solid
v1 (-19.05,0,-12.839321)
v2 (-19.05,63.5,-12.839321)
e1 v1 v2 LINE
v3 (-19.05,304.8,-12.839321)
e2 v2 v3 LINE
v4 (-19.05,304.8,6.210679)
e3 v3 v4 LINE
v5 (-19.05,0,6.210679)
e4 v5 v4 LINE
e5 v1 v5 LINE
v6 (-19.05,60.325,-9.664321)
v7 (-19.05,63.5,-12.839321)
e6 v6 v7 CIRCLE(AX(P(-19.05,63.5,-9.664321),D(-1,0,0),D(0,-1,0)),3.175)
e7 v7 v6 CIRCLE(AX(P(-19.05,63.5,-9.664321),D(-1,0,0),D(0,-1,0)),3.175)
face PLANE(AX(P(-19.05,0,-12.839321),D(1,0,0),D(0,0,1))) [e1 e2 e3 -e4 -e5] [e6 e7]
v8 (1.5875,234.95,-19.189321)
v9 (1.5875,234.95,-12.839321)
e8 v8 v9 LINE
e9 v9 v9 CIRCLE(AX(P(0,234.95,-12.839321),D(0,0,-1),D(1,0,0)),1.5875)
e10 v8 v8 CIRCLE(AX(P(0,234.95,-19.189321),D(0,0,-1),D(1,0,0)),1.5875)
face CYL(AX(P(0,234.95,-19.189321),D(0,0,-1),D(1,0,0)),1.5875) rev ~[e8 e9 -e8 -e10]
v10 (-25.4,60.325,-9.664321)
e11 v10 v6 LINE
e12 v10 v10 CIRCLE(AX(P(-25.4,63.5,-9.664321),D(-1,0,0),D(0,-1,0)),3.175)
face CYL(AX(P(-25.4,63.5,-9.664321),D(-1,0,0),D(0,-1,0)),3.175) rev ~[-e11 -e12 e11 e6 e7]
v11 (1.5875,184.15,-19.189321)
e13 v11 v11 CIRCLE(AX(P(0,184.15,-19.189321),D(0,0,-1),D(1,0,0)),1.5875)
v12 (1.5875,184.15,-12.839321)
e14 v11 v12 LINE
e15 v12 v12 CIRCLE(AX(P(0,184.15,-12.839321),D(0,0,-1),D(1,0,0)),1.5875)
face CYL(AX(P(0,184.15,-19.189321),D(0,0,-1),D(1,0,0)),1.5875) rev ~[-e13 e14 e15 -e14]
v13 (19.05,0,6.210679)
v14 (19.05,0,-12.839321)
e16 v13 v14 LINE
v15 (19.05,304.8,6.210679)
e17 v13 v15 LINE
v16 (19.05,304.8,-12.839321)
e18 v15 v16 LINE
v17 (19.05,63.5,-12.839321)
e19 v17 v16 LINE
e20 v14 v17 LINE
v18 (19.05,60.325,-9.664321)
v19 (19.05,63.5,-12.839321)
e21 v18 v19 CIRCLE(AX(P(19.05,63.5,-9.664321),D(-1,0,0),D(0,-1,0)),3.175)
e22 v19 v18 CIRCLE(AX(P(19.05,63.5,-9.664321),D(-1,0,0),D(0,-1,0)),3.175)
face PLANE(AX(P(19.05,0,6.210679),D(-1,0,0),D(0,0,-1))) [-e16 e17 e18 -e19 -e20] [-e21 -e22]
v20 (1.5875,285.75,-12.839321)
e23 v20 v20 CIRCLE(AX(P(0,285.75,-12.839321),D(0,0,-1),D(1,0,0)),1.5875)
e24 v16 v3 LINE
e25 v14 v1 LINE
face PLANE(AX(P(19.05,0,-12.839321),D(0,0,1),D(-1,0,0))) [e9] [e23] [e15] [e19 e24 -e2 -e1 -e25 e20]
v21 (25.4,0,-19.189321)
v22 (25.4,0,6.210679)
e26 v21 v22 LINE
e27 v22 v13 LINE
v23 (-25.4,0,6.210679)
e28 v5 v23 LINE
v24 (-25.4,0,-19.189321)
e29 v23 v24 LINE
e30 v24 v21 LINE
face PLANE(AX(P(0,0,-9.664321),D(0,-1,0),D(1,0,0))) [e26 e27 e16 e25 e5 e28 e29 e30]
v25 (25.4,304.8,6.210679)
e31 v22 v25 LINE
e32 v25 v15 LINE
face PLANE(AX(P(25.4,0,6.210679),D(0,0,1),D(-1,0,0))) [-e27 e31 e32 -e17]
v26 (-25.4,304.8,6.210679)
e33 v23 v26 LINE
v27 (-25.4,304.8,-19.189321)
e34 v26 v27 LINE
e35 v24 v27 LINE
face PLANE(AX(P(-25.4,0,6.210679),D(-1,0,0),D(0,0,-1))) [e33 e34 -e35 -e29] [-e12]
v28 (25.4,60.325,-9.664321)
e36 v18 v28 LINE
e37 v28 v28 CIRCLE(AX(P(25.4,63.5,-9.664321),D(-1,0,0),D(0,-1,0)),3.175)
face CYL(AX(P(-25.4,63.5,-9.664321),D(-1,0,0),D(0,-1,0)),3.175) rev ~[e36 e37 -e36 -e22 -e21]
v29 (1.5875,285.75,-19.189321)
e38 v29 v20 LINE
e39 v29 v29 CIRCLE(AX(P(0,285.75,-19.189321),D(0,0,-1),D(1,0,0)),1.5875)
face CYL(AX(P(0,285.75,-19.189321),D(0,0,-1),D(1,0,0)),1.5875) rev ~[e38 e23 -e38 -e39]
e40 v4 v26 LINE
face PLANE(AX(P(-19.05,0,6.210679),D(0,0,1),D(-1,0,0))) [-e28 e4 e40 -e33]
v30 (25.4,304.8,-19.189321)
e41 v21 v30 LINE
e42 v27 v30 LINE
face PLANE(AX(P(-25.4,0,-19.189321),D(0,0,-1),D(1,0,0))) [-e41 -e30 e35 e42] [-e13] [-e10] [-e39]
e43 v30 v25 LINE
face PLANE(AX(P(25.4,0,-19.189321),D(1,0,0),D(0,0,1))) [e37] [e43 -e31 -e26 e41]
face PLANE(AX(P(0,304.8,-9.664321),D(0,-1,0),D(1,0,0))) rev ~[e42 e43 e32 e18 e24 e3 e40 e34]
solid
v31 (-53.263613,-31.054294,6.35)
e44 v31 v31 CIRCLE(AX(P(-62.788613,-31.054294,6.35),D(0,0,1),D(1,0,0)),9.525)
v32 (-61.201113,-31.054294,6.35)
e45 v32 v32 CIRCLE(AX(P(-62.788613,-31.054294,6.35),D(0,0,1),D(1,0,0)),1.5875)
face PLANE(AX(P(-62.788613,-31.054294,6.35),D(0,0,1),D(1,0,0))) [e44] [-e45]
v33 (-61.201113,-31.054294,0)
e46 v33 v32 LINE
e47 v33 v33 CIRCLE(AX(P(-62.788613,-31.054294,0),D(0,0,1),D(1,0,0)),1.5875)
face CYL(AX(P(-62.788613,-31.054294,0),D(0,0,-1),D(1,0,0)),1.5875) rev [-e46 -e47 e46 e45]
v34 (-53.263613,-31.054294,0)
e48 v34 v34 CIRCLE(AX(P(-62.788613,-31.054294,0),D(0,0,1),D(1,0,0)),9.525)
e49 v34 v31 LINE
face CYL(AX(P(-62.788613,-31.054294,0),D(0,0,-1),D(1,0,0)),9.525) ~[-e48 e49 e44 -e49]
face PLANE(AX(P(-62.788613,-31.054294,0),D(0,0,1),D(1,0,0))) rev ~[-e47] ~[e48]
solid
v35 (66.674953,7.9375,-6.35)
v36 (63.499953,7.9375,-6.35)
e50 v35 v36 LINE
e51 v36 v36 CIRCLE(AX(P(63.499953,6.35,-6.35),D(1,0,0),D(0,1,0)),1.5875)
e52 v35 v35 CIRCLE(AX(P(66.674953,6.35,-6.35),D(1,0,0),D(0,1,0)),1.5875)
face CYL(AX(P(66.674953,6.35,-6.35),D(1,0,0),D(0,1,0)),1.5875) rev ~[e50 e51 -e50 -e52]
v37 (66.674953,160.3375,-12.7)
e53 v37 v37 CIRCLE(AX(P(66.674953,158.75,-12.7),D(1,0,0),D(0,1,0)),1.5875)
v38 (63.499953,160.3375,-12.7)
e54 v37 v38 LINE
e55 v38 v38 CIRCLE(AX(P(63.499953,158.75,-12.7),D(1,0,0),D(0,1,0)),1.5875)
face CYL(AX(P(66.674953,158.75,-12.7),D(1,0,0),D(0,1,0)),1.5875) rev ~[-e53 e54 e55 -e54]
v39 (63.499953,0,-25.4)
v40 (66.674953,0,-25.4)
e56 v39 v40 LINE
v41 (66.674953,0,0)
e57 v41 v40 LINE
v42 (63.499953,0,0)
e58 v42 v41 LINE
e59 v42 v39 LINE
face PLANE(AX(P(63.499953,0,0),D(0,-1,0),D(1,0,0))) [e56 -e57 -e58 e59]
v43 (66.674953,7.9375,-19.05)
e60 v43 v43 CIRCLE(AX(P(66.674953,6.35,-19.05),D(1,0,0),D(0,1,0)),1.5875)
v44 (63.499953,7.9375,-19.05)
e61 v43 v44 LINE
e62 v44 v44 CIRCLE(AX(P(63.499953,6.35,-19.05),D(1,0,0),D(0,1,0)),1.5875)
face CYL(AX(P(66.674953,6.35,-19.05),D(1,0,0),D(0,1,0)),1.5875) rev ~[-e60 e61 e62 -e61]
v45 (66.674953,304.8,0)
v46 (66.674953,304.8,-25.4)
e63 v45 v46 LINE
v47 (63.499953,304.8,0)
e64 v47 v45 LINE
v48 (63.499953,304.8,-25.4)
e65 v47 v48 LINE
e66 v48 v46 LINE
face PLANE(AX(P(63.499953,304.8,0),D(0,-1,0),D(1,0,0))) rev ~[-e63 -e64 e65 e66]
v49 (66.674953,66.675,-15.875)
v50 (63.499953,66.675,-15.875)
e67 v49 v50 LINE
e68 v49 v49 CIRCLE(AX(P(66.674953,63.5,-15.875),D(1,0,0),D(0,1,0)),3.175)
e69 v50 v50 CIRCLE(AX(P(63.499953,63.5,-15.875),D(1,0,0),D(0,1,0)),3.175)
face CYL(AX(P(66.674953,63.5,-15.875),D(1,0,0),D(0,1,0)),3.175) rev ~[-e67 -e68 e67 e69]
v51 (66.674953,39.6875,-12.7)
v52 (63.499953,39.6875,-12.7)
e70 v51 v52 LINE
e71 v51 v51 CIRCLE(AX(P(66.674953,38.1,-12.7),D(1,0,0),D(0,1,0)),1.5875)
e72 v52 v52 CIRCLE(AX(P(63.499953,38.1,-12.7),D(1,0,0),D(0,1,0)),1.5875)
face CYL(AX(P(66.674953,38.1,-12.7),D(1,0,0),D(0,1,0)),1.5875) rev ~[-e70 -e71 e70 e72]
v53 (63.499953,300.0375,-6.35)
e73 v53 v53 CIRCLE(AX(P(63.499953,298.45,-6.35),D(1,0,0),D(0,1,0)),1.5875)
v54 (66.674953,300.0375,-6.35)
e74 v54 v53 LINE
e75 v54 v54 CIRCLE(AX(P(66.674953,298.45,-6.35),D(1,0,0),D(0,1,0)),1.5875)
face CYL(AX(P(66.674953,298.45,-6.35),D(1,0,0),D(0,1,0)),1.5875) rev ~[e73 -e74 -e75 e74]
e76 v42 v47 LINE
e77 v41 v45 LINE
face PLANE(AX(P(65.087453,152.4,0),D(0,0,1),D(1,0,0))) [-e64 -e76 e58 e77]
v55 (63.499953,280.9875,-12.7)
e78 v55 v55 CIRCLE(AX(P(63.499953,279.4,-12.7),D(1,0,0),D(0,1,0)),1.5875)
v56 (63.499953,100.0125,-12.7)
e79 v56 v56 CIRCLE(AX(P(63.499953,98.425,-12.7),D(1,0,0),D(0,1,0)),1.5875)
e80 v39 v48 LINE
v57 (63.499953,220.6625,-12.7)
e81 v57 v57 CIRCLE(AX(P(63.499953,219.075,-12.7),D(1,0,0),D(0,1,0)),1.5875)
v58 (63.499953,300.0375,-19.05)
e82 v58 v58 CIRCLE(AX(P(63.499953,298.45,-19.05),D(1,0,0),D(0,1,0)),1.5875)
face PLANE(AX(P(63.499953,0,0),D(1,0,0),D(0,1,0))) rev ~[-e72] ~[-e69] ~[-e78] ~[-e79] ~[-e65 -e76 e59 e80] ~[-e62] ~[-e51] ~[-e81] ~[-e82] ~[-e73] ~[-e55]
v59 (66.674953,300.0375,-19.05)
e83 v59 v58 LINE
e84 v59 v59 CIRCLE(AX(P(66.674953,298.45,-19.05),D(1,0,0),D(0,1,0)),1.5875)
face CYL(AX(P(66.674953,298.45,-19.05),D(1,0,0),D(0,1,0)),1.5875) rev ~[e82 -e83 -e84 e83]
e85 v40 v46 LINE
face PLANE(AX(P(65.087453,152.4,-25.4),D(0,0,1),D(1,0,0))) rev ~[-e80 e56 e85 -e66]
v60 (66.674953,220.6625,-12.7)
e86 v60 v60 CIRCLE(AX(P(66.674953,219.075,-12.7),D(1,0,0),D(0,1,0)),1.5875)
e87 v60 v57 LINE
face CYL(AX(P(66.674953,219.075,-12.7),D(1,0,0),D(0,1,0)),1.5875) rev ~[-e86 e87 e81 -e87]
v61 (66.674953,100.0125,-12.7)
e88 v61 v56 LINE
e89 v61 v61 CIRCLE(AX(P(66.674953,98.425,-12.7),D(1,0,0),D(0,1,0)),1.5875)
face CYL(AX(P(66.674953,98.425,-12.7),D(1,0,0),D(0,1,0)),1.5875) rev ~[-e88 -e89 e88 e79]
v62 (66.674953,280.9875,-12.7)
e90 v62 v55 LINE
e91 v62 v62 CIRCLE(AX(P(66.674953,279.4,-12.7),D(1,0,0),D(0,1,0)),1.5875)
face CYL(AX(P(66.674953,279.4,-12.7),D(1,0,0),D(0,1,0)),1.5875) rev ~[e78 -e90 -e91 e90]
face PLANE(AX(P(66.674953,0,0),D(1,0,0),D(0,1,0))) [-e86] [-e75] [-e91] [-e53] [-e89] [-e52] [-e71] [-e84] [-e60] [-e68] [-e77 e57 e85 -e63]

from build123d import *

# Parameters (mm, degrees)
F1_DEPTH  = 304.8
F2_R      = 3.175
F3_DEPTH  = 50.8
F4_W      = 3.175
F4_H      = 304.8
F5_DEPTH  = 25.4
F6_R      = 3.175
F7_DEPTH  = 25.4
F8_R      = 1.5875
F9_DEPTH  = 25.4
F10_R     = 9.525
F10_R_2   = 1.5875
F11_DEPTH = 6.35
F12_R     = 1.5875
F13_DEPTH = 25.4


with BuildPart() as f1:
    # F0 (on Front) → F1 (new body)
    with BuildSketch(Plane.XZ):
        Polygon((-19.05, 6.210679), (-25.4, 6.210679), (-25.4, -19.189321), (25.4, -19.189321), (25.4, 6.210679), (19.05, 6.210679), (19.05, -12.839321), (-19.05, -12.839321), align=None)
    extrude(amount=-F1_DEPTH)

    # F2 (on face) → F3 (cut, through all)
    with BuildSketch(Plane(origin=(-25.4, 0, 0), x_dir=(0, -1, 0), z_dir=(-1, 0, 0))):
        with Locations((-63.5, -9.664321)):
            Circle(F2_R)
    extrude(amount=-F3_DEPTH, mode=Mode.SUBTRACT)

    # F12 (on face) → F13 (cut)
    with BuildSketch(Plane(origin=(0, 0, -19.189321), x_dir=(1, 0, 0), z_dir=(0, 0, -1))):
        with Locations((0, -184.15)):
            Circle(F12_R)
        with Locations((0, -234.95)):
            Circle(F12_R)
        with Locations((0, -285.75)):
            Circle(F12_R)
    extrude(amount=-F13_DEPTH, mode=Mode.SUBTRACT)


with BuildPart() as f5:
    # F4 (on Top) → F5 (new body)
    with BuildSketch(Plane.XY):
        with Locations((65.087453, 152.4)):
            Rectangle(F4_W, F4_H)
    extrude(amount=-F5_DEPTH)

    # F6 (on face) → F7 (cut)
    with BuildSketch(Plane.YZ.offset(66.674953)):
        with Locations((63.5, -15.875)):
            Circle(F6_R)
    extrude(amount=-F7_DEPTH, mode=Mode.SUBTRACT)

    # F8 (on face) → F9 (cut)
    with BuildSketch(Plane.YZ.offset(66.674953)):
        with Locations((6.35, -6.35)):
            Circle(F8_R)
        with Locations((6.35, -19.05)):
            Circle(F8_R)
        with Locations((38.1, -12.7)):
            Circle(F8_R)
        with Locations((98.425, -12.7)):
            Circle(F8_R)
        with Locations((158.75, -12.7)):
            Circle(F8_R)
        with Locations((219.075, -12.7)):
            Circle(F8_R)
        with Locations((279.4, -12.7)):
            Circle(F8_R)
        with Locations((298.45, -6.35)):
            Circle(F8_R)
        with Locations((298.45, -19.05)):
            Circle(F8_R)
    extrude(amount=-F9_DEPTH, mode=Mode.SUBTRACT)


with BuildPart() as f11:
    # F10 (on Top) → F11 (new body)
    with BuildSketch(Plane.XY):
        with Locations((-62.788613, -31.054294)):
            Circle(F10_R)
        with Locations((-62.788613, -31.054294)):
            Circle(F10_R_2, mode=Mode.SUBTRACT)
    extrude(amount=F11_DEPTH)


solid = Compound([f1.part, f5.part, f11.part])
